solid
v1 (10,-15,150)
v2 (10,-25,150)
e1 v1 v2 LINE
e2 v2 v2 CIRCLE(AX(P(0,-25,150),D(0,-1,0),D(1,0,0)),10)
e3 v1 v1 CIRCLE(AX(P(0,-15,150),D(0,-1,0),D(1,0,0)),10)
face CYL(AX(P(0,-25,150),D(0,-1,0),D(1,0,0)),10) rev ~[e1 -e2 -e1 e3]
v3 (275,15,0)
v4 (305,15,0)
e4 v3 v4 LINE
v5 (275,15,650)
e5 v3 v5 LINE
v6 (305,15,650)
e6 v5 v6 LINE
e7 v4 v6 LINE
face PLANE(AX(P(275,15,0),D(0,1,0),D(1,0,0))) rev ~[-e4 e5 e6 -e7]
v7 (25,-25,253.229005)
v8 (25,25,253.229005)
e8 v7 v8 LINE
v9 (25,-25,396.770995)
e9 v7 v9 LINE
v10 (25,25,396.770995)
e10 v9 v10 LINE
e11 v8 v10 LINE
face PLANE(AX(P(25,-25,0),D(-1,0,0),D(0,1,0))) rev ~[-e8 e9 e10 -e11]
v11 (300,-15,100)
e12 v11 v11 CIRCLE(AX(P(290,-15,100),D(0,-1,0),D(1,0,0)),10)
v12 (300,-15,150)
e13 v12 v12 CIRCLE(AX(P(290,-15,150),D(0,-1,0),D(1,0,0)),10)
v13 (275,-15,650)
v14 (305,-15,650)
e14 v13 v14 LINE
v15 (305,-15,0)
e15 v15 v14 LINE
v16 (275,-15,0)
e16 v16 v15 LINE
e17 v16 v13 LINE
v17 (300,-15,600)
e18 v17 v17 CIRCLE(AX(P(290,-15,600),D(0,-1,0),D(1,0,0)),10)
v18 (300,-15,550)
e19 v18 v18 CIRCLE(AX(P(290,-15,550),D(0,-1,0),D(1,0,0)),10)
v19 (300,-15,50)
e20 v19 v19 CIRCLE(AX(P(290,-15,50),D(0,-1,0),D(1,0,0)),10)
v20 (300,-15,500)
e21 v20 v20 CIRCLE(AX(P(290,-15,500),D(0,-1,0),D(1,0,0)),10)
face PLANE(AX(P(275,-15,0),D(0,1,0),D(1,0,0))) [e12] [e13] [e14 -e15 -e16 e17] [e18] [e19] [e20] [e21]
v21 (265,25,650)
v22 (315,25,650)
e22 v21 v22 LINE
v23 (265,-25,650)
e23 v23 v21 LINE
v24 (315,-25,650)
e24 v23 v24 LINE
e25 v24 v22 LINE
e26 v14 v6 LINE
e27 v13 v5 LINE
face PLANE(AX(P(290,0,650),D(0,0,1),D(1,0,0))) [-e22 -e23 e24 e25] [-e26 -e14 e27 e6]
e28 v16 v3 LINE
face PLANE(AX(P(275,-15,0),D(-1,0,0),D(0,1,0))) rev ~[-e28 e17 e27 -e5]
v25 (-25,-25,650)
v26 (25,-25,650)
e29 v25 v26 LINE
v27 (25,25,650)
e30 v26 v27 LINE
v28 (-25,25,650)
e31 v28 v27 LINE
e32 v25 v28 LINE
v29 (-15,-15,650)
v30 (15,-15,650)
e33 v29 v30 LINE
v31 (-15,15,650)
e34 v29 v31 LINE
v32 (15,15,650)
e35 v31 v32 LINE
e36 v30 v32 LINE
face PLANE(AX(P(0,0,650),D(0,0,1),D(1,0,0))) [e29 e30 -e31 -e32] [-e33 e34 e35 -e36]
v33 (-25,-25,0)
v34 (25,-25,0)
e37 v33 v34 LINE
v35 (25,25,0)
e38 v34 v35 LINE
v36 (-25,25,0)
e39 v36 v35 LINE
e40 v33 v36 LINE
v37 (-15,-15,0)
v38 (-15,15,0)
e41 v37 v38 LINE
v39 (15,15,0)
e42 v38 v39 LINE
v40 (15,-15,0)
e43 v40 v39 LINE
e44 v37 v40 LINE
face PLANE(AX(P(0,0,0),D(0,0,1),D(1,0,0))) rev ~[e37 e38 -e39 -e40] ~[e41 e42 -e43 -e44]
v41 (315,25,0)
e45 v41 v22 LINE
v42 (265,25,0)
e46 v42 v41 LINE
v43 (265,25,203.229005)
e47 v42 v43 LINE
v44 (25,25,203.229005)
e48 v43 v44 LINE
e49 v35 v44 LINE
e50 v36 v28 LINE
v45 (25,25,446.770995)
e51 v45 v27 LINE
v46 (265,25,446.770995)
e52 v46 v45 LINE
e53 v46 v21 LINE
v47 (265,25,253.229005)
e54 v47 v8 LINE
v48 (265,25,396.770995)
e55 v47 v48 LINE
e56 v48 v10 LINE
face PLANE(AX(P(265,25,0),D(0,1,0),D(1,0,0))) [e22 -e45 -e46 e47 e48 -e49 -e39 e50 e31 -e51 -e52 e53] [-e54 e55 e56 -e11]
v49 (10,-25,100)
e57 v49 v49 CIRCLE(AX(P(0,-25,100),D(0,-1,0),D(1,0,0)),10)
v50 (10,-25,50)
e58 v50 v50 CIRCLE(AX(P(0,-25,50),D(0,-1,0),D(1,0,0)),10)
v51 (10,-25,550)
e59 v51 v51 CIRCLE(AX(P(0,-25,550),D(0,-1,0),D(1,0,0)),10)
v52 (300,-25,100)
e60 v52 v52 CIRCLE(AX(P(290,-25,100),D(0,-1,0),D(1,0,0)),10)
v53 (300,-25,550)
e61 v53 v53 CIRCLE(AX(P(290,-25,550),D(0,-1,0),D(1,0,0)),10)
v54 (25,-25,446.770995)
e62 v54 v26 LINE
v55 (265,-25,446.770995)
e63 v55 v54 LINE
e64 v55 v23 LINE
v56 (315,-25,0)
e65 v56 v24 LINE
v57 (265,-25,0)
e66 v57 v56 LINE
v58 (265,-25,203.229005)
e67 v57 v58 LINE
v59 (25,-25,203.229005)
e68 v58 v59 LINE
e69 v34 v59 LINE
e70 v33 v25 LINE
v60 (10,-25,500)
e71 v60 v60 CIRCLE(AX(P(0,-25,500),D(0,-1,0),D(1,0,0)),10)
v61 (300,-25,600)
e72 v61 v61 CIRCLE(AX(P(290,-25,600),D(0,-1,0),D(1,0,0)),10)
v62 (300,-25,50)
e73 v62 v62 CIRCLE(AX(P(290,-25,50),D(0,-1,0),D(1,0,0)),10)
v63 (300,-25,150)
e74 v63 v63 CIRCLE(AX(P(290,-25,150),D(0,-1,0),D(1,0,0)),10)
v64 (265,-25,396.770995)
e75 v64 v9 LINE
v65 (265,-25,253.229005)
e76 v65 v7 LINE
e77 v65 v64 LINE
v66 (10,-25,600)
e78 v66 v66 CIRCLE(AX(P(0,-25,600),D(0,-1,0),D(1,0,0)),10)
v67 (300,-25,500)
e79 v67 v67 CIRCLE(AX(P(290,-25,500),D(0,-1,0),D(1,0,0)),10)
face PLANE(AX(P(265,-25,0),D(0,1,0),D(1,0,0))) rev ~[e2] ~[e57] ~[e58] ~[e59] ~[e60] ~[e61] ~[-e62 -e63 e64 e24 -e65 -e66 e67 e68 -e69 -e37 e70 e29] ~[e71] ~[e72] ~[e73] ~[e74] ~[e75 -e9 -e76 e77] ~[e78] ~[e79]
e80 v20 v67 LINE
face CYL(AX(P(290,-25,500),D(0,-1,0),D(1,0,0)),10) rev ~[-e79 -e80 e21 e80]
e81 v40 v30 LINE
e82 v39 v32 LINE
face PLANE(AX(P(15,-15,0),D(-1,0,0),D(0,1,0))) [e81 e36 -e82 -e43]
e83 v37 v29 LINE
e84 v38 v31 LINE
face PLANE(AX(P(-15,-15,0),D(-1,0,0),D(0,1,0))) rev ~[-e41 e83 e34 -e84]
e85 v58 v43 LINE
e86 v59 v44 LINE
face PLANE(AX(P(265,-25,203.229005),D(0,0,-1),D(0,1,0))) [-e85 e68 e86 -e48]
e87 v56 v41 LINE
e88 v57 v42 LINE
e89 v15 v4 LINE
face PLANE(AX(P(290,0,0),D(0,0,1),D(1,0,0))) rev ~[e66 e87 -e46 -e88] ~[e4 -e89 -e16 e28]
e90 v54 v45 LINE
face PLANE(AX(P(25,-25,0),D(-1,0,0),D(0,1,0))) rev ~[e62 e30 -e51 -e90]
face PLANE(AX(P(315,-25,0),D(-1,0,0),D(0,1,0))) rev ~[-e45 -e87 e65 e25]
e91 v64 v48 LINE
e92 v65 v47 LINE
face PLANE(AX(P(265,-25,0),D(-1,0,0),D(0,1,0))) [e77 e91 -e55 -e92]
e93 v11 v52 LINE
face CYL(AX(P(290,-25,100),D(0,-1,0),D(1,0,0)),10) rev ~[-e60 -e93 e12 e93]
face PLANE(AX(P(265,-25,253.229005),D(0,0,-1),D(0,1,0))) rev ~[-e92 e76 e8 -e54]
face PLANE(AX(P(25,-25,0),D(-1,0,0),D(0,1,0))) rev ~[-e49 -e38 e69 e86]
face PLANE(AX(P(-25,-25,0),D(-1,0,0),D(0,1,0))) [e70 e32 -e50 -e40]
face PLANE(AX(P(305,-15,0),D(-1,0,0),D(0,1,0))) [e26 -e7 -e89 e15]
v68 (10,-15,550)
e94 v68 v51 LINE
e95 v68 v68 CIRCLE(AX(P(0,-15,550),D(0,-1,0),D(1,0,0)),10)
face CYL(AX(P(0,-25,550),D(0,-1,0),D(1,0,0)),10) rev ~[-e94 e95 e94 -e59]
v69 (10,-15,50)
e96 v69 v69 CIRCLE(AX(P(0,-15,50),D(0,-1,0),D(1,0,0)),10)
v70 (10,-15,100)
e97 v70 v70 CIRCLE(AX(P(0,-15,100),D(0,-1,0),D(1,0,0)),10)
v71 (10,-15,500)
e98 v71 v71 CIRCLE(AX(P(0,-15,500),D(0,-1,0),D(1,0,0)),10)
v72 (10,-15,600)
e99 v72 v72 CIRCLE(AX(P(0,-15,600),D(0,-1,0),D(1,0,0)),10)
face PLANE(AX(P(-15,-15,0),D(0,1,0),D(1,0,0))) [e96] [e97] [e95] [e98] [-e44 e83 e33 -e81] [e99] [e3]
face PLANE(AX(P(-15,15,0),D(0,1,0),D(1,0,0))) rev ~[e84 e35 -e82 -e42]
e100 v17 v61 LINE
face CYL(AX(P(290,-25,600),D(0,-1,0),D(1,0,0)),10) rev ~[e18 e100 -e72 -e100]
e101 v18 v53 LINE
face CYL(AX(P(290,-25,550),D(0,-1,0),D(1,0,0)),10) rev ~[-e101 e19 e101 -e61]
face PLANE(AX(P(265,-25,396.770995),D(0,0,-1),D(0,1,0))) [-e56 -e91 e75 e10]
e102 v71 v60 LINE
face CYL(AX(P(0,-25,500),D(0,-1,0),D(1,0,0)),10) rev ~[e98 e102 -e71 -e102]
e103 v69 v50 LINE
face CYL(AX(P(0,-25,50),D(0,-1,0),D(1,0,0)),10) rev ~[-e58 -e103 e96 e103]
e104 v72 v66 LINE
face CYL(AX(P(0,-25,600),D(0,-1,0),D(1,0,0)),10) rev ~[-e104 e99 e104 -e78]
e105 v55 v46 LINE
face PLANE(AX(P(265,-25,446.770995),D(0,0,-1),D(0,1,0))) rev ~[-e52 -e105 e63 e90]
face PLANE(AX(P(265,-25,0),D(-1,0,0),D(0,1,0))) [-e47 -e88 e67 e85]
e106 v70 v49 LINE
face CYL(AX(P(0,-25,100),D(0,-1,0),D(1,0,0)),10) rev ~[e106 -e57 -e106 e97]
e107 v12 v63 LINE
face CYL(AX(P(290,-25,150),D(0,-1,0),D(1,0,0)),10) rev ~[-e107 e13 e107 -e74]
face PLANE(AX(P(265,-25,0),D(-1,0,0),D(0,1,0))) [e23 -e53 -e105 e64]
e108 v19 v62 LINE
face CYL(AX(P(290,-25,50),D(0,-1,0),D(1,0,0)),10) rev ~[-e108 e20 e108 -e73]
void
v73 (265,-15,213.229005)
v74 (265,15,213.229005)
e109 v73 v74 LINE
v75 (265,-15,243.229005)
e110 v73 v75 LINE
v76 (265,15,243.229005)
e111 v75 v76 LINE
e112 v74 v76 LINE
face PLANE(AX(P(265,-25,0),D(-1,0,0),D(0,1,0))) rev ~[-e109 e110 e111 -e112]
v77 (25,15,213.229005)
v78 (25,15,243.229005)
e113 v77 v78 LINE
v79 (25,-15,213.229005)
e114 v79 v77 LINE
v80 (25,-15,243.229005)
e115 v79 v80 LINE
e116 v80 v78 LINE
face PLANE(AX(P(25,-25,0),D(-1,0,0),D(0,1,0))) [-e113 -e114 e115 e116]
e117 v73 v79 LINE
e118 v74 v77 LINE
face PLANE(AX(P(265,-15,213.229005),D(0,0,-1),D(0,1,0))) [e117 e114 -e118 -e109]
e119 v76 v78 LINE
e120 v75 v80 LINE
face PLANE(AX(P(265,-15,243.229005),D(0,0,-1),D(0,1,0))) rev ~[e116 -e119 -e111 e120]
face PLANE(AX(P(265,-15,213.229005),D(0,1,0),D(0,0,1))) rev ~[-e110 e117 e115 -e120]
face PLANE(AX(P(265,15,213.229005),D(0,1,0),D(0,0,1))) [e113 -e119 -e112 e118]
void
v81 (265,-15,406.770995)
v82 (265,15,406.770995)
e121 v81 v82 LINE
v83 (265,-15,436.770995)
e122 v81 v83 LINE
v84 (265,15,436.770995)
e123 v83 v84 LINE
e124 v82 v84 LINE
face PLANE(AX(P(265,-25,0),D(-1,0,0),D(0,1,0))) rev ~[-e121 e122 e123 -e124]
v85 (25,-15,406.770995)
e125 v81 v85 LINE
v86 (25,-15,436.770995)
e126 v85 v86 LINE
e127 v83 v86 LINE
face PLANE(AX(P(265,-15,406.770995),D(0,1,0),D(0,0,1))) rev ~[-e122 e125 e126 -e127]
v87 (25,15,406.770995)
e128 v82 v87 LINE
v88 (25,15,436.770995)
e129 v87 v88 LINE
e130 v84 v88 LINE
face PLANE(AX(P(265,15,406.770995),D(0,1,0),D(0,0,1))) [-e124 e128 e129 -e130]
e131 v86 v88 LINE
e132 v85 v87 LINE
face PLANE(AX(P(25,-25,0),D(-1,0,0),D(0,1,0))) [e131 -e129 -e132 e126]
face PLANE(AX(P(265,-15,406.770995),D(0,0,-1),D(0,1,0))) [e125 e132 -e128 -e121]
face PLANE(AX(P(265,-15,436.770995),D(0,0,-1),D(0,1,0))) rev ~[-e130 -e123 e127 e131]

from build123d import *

# Parameters (mm, degrees)
SKETCH1_W               = 50
SKETCH1_H               = 50
SKETCH1_W_2             = 30
SKETCH1_H_2             = 30
BOSS_EXTRUDE1_DEPTH     = 650
BOSS_EXTRUDE1_2_DEPTH   = 650
SKETCH2_R               = 10
CUT_EXTRUDE1_DEPTH      = 18
CUT_EXTRUDE1_DEPTH_BACK = 13
SKETCH3_W               = 50
SKETCH3_H               = 50
SKETCH3_W_2             = 30
SKETCH3_H_2             = 30
BOSS_EXTRUDE3_DEPTH     = 240


with BuildPart() as part:
    # Sketch1 → Boss-Extrude1 (new body)
    with BuildSketch(Plane.XY):
        Rectangle(SKETCH1_W, SKETCH1_H)
        Rectangle(SKETCH1_W_2, SKETCH1_H_2, mode=Mode.SUBTRACT)
    extrude(amount=BOSS_EXTRUDE1_DEPTH)


with BuildPart() as body_2:
    # Sketch1 → Boss-Extrude1 2 (new body)
    with BuildSketch(Plane.XY):
        with Locations((290, 0)):
            Rectangle(SKETCH1_W, SKETCH1_H)
        with Locations((290, 0)):
            Rectangle(SKETCH1_W_2, SKETCH1_H_2, mode=Mode.SUBTRACT)
    extrude(amount=BOSS_EXTRUDE1_2_DEPTH)


with BuildPart() as cut_extrude1_tool:
    # Sketch2 → Cut-Extrude1 (new body, two sides)
    with BuildSketch(Plane.XZ.offset(25)) as cut_extrude1_sk:
        with Locations((290, 600)):
            Circle(SKETCH2_R)
        with Locations((290, 550)):
            Circle(SKETCH2_R)
        with Locations((290, 500)):
            Circle(SKETCH2_R)
        with Locations((290, 150)):
            Circle(SKETCH2_R)
        with Locations((290, 100)):
            Circle(SKETCH2_R)
        with Locations((290, 50)):
            Circle(SKETCH2_R)
        with Locations((0, 500)):
            Circle(SKETCH2_R)
        with Locations((0, 550)):
            Circle(SKETCH2_R)
        with Locations((0, 600)):
            Circle(SKETCH2_R)
        with Locations((0, 50)):
            Circle(SKETCH2_R)
        with Locations((0, 100)):
            Circle(SKETCH2_R)
        with Locations((0, 150)):
            Circle(SKETCH2_R)
    extrude(amount=CUT_EXTRUDE1_DEPTH)
    extrude(cut_extrude1_sk.sketch, amount=-CUT_EXTRUDE1_DEPTH_BACK)


with BuildPart() as part_1:
    add(part.part)

    # Cut-Extrude1: cut by cut_extrude1_tool
    add(cut_extrude1_tool.part, mode=Mode.SUBTRACT)



with BuildPart() as body_2_1:
    add(body_2.part)

    # Cut-Extrude1: cut by cut_extrude1_tool
    add(cut_extrude1_tool.part, mode=Mode.SUBTRACT)


with BuildPart() as part_2:
    add(part_1.part)

    add(body_2_1.part)  # Boss-Extrude3 merges body 2
    # Sketch3 → Boss-Extrude3 (add)
    with BuildSketch(Plane.ZY.offset(-265)):
        with Locations((421.770995298, 0)):
            Rectangle(SKETCH3_W, SKETCH3_H)
        with Locations((421.770995298, 0)):
            Rectangle(SKETCH3_W_2, SKETCH3_H_2, mode=Mode.SUBTRACT)
        with Locations((228.229004702, 0)):
            Rectangle(SKETCH3_W, SKETCH3_H)
        with Locations((228.229004702, 0)):
            Rectangle(SKETCH3_W_2, SKETCH3_H_2, mode=Mode.SUBTRACT)
    extrude(amount=BOSS_EXTRUDE3_DEPTH)


solid = part_2.part
